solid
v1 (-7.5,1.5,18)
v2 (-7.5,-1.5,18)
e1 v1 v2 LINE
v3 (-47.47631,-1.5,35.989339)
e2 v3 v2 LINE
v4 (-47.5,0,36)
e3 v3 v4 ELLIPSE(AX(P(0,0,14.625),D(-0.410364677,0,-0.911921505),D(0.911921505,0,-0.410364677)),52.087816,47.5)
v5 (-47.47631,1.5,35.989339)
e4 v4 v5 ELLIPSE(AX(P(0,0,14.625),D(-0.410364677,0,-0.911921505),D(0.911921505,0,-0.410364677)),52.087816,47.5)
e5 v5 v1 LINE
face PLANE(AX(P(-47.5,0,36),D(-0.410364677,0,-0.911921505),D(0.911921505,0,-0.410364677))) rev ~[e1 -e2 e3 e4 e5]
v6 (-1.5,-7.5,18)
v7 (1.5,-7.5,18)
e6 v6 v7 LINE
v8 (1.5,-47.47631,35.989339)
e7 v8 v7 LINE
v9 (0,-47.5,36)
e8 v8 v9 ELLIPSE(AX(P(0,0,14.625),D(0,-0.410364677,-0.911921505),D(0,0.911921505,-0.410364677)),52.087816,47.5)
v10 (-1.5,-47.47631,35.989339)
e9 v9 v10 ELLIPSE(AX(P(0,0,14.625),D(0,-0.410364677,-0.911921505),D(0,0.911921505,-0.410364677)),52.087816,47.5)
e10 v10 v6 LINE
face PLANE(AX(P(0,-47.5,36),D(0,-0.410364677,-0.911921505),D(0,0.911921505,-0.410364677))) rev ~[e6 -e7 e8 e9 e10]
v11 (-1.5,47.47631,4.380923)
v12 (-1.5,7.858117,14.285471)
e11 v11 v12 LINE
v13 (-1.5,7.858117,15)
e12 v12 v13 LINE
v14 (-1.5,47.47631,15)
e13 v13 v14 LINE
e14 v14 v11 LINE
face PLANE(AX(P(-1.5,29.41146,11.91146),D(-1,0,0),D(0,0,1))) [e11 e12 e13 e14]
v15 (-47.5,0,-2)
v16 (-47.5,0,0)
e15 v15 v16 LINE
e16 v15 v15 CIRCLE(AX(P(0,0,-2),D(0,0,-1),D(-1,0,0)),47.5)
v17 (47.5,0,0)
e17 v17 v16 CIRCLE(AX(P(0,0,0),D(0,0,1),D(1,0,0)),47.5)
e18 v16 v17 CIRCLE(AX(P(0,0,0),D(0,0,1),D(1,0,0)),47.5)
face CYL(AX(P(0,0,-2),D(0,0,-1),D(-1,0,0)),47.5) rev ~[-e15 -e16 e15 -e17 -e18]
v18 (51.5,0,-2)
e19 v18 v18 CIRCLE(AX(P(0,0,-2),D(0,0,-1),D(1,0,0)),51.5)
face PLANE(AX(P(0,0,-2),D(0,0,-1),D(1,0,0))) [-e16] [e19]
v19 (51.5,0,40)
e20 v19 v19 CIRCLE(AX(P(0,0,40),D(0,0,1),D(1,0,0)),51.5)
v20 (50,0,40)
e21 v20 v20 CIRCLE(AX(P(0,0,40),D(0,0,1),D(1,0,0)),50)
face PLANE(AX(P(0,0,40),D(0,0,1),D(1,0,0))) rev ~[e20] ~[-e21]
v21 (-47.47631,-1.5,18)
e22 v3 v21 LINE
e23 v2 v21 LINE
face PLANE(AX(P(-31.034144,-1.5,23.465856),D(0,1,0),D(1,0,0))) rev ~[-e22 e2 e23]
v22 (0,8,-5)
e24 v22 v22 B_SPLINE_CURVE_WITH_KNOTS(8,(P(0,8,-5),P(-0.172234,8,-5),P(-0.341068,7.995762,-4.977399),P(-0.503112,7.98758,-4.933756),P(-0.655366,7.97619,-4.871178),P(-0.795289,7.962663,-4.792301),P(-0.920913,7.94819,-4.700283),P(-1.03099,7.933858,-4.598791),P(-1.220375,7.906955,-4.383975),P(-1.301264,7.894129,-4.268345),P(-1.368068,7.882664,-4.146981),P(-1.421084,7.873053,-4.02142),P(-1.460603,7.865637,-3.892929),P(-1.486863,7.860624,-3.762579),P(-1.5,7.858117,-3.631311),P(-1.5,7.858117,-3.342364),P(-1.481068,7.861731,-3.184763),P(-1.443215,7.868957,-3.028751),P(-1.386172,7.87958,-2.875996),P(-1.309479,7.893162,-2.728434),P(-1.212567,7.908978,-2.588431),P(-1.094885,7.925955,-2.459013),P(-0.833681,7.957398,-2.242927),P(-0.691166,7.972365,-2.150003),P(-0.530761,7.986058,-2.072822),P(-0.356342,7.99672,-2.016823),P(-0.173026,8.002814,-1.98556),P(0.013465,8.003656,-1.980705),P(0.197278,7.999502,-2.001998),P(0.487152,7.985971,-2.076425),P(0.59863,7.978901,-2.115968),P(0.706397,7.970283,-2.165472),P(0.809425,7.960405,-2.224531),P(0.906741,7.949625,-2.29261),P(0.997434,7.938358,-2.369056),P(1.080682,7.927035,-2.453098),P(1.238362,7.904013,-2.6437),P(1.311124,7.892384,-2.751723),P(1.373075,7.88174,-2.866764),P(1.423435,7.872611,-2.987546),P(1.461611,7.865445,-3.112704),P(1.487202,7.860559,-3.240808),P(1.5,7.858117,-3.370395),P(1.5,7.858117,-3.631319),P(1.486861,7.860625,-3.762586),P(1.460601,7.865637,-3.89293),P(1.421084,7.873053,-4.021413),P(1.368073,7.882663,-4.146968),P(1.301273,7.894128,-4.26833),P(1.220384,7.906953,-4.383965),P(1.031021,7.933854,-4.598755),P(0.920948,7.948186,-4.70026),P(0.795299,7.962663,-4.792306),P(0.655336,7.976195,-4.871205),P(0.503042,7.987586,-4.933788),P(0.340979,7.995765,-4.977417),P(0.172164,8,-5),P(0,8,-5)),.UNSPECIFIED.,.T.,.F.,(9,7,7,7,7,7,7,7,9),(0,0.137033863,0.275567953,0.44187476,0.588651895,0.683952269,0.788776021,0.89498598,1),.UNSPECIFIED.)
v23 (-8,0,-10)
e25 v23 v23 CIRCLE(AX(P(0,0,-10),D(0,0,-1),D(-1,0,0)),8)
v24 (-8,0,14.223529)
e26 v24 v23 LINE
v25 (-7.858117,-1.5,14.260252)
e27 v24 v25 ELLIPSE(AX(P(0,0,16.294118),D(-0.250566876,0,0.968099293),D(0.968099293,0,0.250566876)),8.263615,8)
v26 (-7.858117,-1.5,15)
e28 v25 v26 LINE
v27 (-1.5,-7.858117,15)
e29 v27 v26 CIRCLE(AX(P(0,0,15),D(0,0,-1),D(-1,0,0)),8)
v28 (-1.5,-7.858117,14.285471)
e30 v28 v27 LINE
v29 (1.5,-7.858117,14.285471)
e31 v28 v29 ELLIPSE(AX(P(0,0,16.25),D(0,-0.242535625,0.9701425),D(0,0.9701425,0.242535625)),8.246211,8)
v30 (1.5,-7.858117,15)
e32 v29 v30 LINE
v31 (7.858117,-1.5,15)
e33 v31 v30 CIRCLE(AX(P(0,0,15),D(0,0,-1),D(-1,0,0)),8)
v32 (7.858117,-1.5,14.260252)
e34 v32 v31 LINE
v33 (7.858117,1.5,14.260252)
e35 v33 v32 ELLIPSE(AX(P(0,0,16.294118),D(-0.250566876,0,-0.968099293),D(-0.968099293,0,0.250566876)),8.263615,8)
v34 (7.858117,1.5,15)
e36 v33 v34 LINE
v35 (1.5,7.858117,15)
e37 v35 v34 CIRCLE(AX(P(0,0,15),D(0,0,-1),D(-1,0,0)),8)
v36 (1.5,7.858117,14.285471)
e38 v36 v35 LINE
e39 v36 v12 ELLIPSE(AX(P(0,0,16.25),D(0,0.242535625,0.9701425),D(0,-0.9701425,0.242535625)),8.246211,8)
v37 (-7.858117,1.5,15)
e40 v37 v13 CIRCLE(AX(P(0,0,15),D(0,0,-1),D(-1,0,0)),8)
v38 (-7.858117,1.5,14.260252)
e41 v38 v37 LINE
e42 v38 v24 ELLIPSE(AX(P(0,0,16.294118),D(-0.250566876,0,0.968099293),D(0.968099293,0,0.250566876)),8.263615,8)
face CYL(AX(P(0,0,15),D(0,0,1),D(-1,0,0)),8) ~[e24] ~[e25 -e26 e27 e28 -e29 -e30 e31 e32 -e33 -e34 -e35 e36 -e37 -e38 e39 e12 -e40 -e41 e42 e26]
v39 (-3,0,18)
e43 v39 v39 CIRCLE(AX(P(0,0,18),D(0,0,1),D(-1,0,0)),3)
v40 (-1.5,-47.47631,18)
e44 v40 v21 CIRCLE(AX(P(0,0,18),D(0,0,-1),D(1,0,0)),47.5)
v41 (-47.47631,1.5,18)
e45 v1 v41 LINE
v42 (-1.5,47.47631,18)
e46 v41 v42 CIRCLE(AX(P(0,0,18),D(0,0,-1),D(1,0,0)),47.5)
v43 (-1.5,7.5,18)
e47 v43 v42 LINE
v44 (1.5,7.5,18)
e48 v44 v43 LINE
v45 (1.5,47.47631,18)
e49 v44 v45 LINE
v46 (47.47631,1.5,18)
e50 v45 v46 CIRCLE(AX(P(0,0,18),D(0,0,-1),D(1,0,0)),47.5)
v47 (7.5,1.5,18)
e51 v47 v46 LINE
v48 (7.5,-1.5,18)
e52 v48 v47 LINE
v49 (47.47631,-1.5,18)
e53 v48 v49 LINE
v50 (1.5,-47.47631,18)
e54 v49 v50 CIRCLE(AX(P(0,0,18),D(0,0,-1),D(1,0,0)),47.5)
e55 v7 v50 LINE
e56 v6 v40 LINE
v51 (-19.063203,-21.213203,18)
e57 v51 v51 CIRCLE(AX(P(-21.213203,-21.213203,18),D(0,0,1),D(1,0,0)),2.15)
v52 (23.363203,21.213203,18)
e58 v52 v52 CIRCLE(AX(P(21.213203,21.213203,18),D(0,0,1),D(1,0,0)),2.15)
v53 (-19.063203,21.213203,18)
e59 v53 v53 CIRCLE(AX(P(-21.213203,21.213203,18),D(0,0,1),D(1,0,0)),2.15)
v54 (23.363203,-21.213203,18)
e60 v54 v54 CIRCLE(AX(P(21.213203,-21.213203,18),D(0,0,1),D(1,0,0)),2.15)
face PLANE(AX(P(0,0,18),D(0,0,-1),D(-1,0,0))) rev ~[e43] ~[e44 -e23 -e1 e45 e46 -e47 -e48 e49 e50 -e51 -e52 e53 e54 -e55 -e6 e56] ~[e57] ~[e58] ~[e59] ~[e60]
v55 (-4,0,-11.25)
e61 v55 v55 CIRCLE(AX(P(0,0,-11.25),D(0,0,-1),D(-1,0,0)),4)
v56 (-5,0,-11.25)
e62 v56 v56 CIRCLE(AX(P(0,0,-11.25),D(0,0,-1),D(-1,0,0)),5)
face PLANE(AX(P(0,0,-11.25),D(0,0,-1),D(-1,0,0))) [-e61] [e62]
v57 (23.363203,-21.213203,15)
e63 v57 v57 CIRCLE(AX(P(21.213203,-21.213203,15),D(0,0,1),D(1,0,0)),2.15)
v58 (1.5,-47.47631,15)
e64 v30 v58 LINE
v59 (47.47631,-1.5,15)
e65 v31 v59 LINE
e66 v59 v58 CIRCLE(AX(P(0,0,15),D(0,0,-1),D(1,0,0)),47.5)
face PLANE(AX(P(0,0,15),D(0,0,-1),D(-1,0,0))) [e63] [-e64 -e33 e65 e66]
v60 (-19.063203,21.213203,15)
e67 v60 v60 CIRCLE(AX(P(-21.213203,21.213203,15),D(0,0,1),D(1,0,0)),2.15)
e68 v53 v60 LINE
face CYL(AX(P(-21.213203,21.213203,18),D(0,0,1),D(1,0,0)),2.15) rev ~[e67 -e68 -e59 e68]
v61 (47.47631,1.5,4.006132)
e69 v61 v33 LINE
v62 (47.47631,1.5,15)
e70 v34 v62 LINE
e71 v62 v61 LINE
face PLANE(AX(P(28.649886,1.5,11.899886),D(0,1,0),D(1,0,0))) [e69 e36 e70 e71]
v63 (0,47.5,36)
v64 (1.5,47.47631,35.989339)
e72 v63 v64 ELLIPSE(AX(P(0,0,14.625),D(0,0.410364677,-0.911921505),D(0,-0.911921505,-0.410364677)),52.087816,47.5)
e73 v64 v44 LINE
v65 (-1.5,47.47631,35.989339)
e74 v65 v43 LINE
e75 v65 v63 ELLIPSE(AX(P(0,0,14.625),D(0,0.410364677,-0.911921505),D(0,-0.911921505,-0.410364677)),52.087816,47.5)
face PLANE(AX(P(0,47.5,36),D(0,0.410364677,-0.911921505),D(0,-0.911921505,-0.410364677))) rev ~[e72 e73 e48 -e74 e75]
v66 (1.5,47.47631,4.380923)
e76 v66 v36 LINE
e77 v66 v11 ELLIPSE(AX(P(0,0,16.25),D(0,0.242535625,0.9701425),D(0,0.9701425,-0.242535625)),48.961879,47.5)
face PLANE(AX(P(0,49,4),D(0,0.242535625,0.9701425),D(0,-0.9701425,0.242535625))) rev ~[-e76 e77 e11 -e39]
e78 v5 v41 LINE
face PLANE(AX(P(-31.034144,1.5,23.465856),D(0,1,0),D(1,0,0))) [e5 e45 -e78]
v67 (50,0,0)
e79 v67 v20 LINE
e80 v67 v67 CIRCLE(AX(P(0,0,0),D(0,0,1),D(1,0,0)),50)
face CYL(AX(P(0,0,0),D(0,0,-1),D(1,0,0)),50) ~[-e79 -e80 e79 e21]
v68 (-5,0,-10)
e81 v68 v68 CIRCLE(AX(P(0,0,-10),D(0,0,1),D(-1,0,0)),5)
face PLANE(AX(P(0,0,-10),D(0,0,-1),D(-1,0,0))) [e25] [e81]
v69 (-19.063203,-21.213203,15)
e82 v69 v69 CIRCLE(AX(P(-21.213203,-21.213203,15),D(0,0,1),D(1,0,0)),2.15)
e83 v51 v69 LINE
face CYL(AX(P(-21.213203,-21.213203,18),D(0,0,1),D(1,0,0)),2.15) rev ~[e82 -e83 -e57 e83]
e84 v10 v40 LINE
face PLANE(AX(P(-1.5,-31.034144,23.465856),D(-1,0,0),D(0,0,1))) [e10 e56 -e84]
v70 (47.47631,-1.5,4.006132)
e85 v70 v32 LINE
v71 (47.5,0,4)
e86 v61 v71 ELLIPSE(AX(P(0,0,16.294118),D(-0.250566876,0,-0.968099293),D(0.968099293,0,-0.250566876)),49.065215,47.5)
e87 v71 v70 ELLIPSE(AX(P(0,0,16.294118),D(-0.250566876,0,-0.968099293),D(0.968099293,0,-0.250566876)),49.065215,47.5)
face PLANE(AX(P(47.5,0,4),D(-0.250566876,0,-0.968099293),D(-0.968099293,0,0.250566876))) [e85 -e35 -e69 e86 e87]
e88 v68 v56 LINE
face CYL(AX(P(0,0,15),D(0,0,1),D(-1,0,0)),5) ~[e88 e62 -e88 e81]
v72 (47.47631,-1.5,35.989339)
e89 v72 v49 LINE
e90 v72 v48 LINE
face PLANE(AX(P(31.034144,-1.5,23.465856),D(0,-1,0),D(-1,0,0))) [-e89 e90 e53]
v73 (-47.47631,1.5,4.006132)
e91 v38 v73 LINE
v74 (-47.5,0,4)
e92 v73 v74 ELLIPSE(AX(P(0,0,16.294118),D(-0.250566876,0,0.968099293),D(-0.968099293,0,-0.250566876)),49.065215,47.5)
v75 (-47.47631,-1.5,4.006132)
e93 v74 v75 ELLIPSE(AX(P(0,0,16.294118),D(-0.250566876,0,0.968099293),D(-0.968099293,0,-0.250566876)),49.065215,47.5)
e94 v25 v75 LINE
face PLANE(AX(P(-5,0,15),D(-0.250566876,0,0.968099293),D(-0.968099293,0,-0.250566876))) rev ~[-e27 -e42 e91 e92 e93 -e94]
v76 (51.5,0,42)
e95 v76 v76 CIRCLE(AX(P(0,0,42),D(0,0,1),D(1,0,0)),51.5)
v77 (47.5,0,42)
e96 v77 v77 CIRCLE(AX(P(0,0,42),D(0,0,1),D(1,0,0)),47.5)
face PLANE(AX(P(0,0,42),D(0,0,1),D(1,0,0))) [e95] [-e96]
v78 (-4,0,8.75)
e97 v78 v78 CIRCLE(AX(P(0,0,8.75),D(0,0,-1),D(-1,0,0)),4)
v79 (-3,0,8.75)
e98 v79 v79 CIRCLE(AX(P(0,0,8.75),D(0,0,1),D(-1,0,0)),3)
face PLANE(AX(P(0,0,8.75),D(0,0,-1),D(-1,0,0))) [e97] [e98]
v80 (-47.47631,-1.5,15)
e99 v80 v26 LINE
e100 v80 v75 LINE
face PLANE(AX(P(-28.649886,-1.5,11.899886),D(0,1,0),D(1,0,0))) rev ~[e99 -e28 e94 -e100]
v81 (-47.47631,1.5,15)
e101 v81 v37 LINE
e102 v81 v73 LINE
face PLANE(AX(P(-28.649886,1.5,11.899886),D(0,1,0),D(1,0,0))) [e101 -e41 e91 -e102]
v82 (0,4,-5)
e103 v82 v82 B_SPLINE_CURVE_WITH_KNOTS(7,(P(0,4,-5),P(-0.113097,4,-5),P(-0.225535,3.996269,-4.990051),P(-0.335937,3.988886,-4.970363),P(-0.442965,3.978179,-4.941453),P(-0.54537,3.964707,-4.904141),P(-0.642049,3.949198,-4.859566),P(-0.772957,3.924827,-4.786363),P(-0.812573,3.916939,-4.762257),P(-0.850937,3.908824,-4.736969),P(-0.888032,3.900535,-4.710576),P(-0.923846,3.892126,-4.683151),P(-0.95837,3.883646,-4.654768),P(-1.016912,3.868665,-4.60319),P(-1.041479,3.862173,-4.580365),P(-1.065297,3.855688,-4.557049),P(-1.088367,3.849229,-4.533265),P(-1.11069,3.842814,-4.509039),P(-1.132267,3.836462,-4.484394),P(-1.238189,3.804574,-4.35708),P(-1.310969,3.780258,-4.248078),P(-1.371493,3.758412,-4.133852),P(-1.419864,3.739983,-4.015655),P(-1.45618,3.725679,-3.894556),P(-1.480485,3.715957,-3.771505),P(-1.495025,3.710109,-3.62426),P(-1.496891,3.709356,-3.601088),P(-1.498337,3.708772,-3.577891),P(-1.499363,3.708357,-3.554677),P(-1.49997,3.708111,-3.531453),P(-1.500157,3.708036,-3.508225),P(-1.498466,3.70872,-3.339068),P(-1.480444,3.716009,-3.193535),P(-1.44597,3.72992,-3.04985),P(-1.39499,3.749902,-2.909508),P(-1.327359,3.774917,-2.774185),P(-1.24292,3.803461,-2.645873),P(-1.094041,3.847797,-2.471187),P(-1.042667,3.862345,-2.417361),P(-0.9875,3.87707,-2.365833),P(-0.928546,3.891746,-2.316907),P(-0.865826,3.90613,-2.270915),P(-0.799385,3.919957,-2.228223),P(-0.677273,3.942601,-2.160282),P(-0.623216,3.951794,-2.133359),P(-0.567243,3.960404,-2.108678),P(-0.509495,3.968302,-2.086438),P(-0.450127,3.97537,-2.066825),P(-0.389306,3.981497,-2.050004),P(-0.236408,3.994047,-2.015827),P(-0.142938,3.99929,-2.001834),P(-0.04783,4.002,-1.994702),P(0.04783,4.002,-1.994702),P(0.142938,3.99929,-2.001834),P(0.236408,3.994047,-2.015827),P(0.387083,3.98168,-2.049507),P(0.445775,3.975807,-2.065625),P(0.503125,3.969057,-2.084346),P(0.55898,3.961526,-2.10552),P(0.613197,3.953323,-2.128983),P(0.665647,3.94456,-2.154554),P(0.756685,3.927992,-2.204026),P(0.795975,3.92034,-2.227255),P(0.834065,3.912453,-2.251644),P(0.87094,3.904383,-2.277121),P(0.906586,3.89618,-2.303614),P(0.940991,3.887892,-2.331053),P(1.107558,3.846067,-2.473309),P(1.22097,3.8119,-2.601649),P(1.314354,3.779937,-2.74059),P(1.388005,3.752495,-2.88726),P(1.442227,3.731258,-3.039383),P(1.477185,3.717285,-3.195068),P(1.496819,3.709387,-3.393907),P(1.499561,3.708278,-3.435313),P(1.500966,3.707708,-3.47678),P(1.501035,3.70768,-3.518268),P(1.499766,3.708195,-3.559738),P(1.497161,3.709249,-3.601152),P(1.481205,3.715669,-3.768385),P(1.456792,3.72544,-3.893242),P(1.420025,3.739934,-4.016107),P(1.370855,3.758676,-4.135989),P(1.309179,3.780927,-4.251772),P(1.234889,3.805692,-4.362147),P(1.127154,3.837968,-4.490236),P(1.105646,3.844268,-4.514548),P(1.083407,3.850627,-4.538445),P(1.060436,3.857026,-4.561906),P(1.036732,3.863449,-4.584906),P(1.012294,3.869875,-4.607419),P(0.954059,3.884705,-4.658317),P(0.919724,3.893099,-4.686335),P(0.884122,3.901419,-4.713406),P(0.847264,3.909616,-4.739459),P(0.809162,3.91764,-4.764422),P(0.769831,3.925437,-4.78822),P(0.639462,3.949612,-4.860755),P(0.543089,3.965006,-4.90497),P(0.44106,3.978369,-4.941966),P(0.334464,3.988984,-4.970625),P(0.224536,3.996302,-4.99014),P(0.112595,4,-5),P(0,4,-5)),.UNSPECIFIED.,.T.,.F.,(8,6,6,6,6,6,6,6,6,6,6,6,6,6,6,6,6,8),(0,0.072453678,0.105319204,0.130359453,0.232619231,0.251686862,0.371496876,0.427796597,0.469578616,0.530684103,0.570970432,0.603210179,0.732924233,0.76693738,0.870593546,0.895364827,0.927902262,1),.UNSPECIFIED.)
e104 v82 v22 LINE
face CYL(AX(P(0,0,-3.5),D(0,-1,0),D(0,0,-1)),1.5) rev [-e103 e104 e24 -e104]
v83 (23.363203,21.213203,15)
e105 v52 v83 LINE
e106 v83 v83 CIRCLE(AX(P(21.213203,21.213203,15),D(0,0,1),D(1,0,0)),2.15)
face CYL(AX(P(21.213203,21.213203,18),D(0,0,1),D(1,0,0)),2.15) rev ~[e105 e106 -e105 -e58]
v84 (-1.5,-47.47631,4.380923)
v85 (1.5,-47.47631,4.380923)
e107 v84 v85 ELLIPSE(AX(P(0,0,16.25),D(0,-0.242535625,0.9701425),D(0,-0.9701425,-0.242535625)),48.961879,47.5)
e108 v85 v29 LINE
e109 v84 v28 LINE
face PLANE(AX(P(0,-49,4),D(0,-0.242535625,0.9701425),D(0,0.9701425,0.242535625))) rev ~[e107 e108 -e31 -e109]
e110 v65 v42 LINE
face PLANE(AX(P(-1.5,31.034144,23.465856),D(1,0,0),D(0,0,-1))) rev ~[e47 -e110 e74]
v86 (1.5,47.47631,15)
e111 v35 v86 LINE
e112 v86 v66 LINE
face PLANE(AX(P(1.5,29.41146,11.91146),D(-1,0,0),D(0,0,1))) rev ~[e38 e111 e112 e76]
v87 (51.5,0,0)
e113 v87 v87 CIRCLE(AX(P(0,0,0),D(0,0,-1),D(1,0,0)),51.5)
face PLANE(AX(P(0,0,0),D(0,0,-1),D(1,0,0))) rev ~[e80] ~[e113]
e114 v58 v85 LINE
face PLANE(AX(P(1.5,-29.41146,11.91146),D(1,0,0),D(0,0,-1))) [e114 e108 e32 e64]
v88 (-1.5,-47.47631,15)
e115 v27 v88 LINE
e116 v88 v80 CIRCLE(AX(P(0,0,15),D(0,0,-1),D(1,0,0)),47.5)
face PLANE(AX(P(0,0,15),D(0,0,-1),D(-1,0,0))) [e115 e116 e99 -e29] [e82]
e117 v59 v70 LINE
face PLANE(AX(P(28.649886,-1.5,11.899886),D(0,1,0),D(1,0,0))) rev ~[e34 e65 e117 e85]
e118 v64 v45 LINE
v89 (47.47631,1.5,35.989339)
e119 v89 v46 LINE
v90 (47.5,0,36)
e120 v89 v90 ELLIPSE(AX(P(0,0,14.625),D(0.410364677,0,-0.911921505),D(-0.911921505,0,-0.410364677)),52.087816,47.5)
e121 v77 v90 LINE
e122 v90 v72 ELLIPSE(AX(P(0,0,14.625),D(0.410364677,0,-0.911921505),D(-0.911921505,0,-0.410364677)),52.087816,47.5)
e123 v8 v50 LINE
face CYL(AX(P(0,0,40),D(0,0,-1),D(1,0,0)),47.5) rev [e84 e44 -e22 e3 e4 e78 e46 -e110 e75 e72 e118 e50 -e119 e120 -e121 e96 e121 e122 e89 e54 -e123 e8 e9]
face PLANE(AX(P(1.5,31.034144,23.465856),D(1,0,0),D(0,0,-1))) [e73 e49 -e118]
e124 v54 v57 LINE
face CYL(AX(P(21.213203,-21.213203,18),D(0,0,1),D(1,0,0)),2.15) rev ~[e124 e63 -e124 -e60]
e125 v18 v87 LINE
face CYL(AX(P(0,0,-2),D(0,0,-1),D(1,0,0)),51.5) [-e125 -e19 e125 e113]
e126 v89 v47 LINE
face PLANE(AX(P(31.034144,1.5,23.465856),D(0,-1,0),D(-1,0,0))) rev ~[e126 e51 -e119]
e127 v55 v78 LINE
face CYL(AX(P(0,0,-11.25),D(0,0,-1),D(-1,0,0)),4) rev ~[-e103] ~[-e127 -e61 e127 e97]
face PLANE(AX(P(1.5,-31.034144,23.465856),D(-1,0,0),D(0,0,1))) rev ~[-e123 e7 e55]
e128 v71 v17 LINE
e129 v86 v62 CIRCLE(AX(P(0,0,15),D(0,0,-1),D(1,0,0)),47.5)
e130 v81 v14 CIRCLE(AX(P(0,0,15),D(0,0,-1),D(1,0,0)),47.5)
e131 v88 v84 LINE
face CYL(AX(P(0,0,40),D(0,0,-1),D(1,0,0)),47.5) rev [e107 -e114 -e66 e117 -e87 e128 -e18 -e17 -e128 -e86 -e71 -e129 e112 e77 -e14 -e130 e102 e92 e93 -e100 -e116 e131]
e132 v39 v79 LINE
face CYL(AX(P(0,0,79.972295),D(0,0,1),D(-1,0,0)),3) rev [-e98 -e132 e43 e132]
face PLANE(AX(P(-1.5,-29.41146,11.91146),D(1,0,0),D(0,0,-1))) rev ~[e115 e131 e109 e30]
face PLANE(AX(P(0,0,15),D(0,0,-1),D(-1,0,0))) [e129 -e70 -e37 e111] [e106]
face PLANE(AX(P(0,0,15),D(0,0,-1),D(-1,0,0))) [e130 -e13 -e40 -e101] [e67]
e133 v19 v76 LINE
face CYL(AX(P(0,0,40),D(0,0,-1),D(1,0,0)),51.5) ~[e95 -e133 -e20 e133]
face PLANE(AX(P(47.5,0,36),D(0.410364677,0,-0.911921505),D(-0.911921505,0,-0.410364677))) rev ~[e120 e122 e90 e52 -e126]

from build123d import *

# Parameters (mm, degrees)
SKETCH1_R               = 50
SKETCH1_R_2             = 47.5
BOSS_EXTRUDE1_DEPTH     = 40
SKETCH2_R               = 51.5
SKETCH2_R_2             = 47.5
BOSS_EXTRUDE2_DEPTH     = 2
BOSS_EXTRUDE3_START     = 2
SKETCH3_R               = 51.5
SKETCH3_R_2             = 47.5
BOSS_EXTRUDE3_DEPTH     = 2
SKETCH4_R               = 47.5
BOSS_EXTRUDE4_DEPTH     = 3
SKETCH5_R               = 8
BOSS_EXTRUDE5_DEPTH     = 25
SKETCH6_R               = 5
BOSS_EXTRUDE6_DEPTH     = 26.25
BOSS_EXTRUDE7_DEPTH     = 1.5
BOSS_EXTRUDE8_DEPTH     = 1.5
BOSS_EXTRUDE9_DEPTH     = 1.5
BOSS_EXTRUDE10_DEPTH    = 1.5
CUT_EXTRUDE1_DEPTH      = 91.222294917
CUT_EXTRUDE1_DEPTH_BACK = 91.222294917
SKETCH12_R              = 3
SKETCH13_R              = 4
CUT_EXTRUDE2_DEPTH      = 20
SKETCH14_R              = 1.5
CUT_EXTRUDE3_DEPTH      = 20
SKETCH15_R              = 2.15
CUT_EXTRUDE4_DEPTH      = 79.48606568


with BuildPart() as part:
    # Sketch1 → Boss-Extrude1 (new body)
    with BuildSketch(Plane.XY):
        Circle(SKETCH1_R)
        Circle(SKETCH1_R_2, mode=Mode.SUBTRACT)
    extrude(amount=BOSS_EXTRUDE1_DEPTH)

    # Sketch2 → Boss-Extrude2 (add)
    with BuildSketch(Plane.XY.offset(40)):
        Circle(SKETCH2_R)
        Circle(SKETCH2_R_2, mode=Mode.SUBTRACT)
    extrude(amount=BOSS_EXTRUDE2_DEPTH)

    # Sketch3 → Boss-Extrude3 (add)
    with BuildSketch(Plane(origin=(0, 0, 0), x_dir=(-1, 0, 0), z_dir=(0, 0, -1)).offset(BOSS_EXTRUDE3_START)):
        with Locations(Location((0, 0, 0), (0, 0, 180))):
            Circle(SKETCH3_R)
        Circle(SKETCH3_R_2, mode=Mode.SUBTRACT)
    extrude(amount=-BOSS_EXTRUDE3_DEPTH)

    # Sketch4 → Boss-Extrude4 (add)
    with BuildSketch(Plane(origin=(0, 0, 15), x_dir=(-1, 0, 0), z_dir=(0, 0, -1))):
        Circle(SKETCH4_R)
    extrude(amount=-BOSS_EXTRUDE4_DEPTH)

    # Sketch5 → Boss-Extrude5 (add)
    with BuildSketch(Plane(origin=(0, 0, 15), x_dir=(-1, 0, 0), z_dir=(0, 0, -1))):
        Circle(SKETCH5_R)
    extrude(amount=BOSS_EXTRUDE5_DEPTH)

    # Sketch6 → Boss-Extrude6 (add)
    with BuildSketch(Plane(origin=(0, 0, 15), x_dir=(-1, 0, 0), z_dir=(0, 0, -1))):
        Circle(SKETCH6_R)
    extrude(amount=BOSS_EXTRUDE6_DEPTH)

    # Sketch7 → Boss-Extrude7 (add, symmetric)
    with BuildSketch(Plane(origin=(0, 0, 0), x_dir=(1, 0, 0), z_dir=(0, 1, 0))):
        Polygon((-47.5, -15), (-5, -15), (-47.5, -4), align=None)
        Polygon((47.5, -15), (47.5, -4), (5, -15), align=None)
    extrude(amount=BOSS_EXTRUDE7_DEPTH, both=True)

    # Sketch8 → Boss-Extrude8 (add, symmetric)
    with BuildSketch(Plane(origin=(0, 0, 0), x_dir=(0, 0, -1), z_dir=(1, 0, 0))):
        Polygon((-15, -49), (-4, -49), (-15, -5), align=None)
        Polygon((-15, 5), (-15, 49), (-4, 49), align=None)
    extrude(amount=BOSS_EXTRUDE8_DEPTH, both=True)

    # Sketch10 → Boss-Extrude9 (add, symmetric)
    with BuildSketch(Plane(origin=(0, 0, 0), x_dir=(1, 0, 0), z_dir=(0, 1, 0))):
        Polygon((-47.5, -18), (-47.5, -36), (-7.5, -18), align=None)
        Polygon((7.5, -18), (47.5, -18), (47.5, -36), align=None)
    extrude(amount=BOSS_EXTRUDE9_DEPTH, both=True)

    # Sketch11 → Boss-Extrude10 (add, symmetric)
    with BuildSketch(Plane(origin=(0, 0, 0), x_dir=(0, 0, -1), z_dir=(1, 0, 0))):
        Polygon((-18, 47.5), (-36, 47.5), (-18, 7.5), align=None)
        Polygon((-18, -7.5), (-18, -47.5), (-36, -47.5), align=None)
    extrude(amount=BOSS_EXTRUDE10_DEPTH, both=True)

    # Sketch12 → Cut-Extrude1 (cut, two sides: drawn at the far end of the back side and taken through both)
    with BuildSketch(Plane(origin=(0, 0, -11.25), x_dir=(-1, 0, 0), z_dir=(0, 0, -1)).offset(-CUT_EXTRUDE1_DEPTH_BACK)):
        Circle(SKETCH12_R)
    extrude(amount=CUT_EXTRUDE1_DEPTH + CUT_EXTRUDE1_DEPTH_BACK, mode=Mode.SUBTRACT)

    # Sketch13 → Cut-Extrude2 (cut)
    with BuildSketch(Plane(origin=(0, 0, -11.25), x_dir=(-1, 0, 0), z_dir=(0, 0, -1))):
        Circle(SKETCH13_R)
    extrude(amount=-CUT_EXTRUDE2_DEPTH, mode=Mode.SUBTRACT)

    # Sketch14 → Cut-Extrude3 (cut)
    with BuildSketch(Plane(origin=(0, 0, 0), x_dir=(1, 0, 0), z_dir=(0, 1, 0))):
        with Locations(Location((0, 3.5, 0), (0, 0, 90))):
            Circle(SKETCH14_R)
    extrude(amount=CUT_EXTRUDE3_DEPTH, mode=Mode.SUBTRACT)

    # Sketch15 → Cut-Extrude4 (cut, through all)
    with BuildSketch(Plane.XY.offset(18)):
        with Locations((21.213203436, 21.213203436)):
            Circle(SKETCH15_R)
        with Locations((21.213203436, -21.213203436)):
            Circle(SKETCH15_R)
        with Locations((-21.213203436, -21.213203436)):
            Circle(SKETCH15_R)
        with Locations((-21.213203436, 21.213203436)):
            Circle(SKETCH15_R)
    extrude(amount=-CUT_EXTRUDE4_DEPTH, mode=Mode.SUBTRACT)


solid = part.part
